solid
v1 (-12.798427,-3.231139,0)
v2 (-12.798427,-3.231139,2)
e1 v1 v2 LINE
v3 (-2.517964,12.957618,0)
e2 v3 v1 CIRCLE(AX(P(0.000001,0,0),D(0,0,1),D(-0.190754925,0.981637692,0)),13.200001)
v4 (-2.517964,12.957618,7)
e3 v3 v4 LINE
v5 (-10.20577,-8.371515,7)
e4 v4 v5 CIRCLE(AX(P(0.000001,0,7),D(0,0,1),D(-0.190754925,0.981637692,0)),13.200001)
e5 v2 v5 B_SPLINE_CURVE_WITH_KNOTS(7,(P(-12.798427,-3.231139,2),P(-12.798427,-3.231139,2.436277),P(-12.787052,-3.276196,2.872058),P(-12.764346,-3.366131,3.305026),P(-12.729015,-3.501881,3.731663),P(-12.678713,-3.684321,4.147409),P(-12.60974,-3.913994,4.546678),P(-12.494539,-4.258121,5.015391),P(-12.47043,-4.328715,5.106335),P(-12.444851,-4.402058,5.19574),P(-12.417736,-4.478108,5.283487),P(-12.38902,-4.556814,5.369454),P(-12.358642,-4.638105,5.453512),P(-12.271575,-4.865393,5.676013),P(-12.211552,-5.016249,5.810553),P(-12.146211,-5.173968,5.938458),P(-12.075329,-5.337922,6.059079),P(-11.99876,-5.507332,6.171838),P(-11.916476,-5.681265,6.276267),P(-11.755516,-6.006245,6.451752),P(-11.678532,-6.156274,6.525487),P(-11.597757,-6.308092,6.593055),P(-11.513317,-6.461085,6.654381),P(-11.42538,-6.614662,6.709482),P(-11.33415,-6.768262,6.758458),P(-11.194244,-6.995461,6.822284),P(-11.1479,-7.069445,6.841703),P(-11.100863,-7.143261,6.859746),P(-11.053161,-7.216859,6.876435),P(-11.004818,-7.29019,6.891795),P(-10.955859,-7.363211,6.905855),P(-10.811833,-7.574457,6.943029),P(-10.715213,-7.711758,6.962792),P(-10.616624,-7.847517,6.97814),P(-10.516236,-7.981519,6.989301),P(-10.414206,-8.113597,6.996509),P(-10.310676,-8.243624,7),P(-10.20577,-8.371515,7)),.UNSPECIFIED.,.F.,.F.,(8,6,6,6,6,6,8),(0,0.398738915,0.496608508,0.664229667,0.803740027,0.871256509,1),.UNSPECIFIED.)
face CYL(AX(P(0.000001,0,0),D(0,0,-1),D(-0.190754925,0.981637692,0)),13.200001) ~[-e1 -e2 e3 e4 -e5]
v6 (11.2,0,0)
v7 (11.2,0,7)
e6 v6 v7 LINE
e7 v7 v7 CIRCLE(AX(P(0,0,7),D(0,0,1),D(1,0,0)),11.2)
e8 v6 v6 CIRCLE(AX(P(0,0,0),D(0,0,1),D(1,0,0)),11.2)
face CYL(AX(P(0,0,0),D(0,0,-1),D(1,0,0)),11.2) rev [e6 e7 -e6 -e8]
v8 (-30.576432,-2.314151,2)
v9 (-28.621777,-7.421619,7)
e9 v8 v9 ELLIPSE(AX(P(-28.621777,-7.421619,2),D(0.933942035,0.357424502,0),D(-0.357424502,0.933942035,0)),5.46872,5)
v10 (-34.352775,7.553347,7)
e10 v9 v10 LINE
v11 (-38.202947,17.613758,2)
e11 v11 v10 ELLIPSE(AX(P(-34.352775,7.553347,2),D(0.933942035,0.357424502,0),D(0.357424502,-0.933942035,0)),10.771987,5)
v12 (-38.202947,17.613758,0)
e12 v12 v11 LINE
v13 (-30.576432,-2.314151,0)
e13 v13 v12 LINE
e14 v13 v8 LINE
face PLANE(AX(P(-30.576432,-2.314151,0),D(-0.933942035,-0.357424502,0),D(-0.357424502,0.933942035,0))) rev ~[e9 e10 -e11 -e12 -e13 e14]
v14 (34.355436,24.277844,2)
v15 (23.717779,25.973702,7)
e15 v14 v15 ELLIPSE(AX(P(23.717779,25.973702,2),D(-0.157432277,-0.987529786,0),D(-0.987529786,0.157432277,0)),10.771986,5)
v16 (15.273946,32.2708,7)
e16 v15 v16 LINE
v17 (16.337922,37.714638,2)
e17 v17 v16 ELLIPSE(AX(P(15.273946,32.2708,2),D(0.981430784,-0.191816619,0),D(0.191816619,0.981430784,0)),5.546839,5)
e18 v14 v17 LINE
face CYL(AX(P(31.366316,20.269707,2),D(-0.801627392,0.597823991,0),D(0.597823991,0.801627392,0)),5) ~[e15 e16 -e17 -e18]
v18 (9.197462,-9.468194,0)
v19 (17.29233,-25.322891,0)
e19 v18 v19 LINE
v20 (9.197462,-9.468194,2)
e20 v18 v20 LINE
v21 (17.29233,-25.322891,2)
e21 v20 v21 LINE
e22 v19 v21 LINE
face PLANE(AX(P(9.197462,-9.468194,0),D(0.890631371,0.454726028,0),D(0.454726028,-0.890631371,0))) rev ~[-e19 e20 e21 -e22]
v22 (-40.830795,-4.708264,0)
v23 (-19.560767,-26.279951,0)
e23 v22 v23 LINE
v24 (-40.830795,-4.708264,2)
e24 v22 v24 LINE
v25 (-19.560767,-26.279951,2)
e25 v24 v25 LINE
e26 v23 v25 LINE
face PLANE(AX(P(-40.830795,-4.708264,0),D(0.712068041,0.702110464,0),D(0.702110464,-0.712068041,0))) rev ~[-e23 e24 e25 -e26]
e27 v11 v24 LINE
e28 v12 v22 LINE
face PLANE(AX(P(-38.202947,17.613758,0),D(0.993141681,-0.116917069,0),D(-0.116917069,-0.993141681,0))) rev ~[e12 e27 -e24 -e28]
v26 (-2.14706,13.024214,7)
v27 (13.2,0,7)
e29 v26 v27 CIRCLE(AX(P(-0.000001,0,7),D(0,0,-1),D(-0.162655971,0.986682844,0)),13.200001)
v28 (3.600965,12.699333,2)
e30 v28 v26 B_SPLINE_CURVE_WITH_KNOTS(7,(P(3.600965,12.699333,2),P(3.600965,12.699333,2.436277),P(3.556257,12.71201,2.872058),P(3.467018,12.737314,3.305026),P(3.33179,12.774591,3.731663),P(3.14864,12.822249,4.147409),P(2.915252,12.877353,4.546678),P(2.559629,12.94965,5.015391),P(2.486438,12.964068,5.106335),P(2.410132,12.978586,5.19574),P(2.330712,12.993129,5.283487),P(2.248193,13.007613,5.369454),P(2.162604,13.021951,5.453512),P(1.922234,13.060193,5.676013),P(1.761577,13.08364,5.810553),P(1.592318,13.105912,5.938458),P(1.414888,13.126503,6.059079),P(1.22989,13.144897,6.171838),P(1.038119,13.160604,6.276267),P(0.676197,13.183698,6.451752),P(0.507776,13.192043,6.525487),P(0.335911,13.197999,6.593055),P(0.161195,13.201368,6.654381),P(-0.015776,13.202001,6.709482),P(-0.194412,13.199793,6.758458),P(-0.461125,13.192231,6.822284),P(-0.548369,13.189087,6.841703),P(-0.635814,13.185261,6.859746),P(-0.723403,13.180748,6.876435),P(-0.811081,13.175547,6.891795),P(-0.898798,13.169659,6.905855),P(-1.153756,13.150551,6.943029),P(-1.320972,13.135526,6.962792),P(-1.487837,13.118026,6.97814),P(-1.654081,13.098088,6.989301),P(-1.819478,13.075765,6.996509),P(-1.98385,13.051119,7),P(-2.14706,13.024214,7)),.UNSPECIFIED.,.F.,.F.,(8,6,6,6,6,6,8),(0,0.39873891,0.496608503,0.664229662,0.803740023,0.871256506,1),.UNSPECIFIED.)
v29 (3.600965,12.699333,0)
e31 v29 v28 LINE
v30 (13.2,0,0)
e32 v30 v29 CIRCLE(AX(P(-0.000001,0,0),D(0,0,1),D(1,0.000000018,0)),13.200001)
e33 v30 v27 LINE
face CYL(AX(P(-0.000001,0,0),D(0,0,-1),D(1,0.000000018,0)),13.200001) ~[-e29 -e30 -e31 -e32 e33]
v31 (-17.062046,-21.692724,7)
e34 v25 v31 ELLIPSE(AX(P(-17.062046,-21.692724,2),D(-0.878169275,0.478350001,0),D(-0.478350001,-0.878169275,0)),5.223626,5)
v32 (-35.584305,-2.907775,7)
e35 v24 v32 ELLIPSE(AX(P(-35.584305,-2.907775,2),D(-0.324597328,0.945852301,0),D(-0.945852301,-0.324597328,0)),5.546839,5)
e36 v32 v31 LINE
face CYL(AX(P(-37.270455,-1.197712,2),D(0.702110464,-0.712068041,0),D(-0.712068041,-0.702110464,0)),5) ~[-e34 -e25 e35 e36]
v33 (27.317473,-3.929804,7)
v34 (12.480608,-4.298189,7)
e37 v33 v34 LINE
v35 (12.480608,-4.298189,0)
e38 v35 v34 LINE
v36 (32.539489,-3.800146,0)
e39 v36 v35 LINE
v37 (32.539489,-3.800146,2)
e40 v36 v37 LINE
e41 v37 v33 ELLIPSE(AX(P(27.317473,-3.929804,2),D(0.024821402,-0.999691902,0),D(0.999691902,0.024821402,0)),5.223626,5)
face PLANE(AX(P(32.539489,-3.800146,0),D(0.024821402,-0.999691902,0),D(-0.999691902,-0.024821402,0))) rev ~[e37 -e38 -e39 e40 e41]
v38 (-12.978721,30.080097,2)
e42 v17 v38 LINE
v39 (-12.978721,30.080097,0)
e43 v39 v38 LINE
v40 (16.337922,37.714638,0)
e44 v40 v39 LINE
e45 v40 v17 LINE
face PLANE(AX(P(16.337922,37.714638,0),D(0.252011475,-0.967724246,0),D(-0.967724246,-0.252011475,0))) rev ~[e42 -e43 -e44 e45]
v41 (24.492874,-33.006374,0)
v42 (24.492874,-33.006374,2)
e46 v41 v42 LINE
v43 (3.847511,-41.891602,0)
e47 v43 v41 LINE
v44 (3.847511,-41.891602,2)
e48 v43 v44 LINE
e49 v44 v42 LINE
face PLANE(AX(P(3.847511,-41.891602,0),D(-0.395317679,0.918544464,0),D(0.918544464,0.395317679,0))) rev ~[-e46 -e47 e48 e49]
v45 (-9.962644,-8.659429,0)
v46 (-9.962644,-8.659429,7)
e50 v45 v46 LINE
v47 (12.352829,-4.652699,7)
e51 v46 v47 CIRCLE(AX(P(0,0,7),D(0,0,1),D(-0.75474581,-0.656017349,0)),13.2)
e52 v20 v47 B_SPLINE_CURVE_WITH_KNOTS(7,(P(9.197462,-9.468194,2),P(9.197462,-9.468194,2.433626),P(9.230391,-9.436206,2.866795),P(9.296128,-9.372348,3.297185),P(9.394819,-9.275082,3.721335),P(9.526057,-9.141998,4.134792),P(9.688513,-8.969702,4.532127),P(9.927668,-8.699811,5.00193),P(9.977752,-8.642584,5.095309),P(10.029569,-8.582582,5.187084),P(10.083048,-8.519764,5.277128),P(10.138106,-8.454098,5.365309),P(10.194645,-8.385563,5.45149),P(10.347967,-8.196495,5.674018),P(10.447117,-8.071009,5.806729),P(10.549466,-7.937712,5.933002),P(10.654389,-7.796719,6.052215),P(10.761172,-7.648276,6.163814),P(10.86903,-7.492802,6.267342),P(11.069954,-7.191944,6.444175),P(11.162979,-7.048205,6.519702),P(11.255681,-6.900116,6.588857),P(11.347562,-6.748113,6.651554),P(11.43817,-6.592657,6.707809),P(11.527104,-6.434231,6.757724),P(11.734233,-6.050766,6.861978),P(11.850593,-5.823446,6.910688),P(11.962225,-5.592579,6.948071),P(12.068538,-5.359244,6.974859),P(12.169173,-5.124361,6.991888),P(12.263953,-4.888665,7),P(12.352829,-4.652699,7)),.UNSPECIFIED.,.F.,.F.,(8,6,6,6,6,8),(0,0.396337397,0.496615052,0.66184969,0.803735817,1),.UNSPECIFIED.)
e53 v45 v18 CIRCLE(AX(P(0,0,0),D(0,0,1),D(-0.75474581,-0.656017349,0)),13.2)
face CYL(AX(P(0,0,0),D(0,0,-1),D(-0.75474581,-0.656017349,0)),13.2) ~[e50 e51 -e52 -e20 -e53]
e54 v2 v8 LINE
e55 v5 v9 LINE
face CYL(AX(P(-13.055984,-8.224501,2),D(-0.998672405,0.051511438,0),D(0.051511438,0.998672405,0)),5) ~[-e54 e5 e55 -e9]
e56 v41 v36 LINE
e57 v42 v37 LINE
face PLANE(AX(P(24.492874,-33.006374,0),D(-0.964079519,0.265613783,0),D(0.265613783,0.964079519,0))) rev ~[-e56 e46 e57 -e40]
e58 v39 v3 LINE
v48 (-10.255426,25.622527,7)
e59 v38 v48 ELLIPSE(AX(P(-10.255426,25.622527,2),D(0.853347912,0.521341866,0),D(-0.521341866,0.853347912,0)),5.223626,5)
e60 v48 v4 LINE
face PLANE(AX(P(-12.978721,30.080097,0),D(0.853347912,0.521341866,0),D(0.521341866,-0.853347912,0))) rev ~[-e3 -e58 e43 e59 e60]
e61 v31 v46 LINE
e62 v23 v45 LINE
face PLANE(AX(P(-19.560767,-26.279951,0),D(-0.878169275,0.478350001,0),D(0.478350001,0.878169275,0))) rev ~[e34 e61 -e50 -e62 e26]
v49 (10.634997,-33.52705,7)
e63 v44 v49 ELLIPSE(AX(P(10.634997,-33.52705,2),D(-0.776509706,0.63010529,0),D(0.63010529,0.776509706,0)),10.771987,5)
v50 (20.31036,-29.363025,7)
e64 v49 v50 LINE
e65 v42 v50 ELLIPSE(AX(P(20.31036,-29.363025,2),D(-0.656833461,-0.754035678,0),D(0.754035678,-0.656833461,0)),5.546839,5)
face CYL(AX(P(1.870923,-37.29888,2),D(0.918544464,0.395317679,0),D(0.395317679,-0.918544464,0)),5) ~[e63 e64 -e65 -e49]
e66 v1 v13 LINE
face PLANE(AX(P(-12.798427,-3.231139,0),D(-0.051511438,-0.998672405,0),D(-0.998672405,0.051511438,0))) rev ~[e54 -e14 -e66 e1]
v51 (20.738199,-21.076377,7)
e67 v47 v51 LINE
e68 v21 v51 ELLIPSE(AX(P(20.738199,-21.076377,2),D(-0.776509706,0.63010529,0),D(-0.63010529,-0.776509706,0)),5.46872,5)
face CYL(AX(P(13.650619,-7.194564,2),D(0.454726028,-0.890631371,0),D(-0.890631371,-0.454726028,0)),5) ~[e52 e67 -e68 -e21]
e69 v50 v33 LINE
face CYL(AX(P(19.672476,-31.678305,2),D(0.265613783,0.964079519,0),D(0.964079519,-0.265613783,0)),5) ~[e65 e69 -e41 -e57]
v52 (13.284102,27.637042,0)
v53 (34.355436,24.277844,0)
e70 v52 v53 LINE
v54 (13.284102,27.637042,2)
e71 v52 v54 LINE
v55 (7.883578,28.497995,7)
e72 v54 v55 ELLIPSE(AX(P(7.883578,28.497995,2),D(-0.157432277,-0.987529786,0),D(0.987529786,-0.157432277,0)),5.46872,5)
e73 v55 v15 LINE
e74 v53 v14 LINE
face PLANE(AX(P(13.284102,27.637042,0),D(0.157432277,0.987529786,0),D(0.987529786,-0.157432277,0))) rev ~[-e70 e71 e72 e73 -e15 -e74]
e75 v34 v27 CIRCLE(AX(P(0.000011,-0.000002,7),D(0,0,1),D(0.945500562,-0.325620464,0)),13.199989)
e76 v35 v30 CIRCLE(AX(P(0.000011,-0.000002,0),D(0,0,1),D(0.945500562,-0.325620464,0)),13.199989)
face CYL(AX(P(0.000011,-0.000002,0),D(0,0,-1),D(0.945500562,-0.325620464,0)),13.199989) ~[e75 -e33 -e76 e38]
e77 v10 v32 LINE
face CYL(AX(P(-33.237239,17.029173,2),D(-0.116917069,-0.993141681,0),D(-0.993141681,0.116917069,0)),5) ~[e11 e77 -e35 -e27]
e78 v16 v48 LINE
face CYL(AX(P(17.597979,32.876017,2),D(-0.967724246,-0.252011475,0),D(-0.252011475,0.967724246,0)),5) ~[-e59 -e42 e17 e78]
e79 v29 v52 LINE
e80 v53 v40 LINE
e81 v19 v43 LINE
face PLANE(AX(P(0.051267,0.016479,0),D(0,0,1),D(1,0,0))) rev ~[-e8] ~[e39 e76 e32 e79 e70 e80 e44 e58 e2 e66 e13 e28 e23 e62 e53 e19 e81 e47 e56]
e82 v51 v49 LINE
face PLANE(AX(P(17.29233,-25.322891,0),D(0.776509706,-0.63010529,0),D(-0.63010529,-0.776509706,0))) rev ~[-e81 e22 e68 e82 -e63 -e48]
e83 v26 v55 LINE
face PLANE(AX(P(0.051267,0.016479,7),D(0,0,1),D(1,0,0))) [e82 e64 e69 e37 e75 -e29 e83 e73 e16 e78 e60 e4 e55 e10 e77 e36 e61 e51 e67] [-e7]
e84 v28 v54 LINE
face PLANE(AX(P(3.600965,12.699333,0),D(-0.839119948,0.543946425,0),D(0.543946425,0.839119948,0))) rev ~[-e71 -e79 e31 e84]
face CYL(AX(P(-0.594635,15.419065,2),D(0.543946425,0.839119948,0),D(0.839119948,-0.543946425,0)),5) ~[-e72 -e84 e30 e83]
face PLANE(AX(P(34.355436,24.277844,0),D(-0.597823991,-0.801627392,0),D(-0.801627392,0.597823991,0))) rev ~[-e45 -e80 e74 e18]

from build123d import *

# Parameters (mm, degrees)
F0_R     = 11.2
F1_DEPTH = 7
F2_R     = 5


with BuildPart() as f1:
    # F0 (on Top) → F1 (new body)
    with BuildSketch(Plane.XY):
        with BuildLine():
            ThreePointArc((12.480608, -4.298189), (13.01891, -2.178988), (13.2, 0))
            ThreePointArc((13.2, 0), (10.53026, 7.959499), (3.600965, 12.699333))
            ThreePointArc((3.600965, 12.699333), (0.556687, 13.188256), (-2.517964, 12.957618))
            ThreePointArc((-2.517964, 12.957618), (-11.143021, 7.076233), (-12.798427, -3.231139))
            ThreePointArc((-12.798427, -3.231139), (-11.699709, -6.112023), (-9.962644, -8.659429))
            ThreePointArc((-9.962644, -8.659429), (-0.556687, -13.188256), (9.197462, -9.468194))
            ThreePointArc((9.197462, -9.468194), (11.143021, -7.076233), (12.480608, -4.298189))
        make_face()
        Circle(F0_R, mode=Mode.SUBTRACT)
        with BuildLine():
            ThreePointArc((-2.517964, 12.957618), (0.556687, 13.188256), (3.600965, 12.699333))
            Line((3.600965, 12.699333), (13.284102, 27.637042))
            Line((13.284102, 27.637042), (34.355436, 24.277844))
            Line((34.355436, 24.277844), (16.337922, 37.714638))
            Line((16.337922, 37.714638), (-12.978721, 30.080097))
            Line((-12.978721, 30.080097), (-2.517964, 12.957618))
        make_face()
        with BuildLine():
            Line((32.539489, -3.800146), (12.480608, -4.298189))
            ThreePointArc((12.480608, -4.298189), (11.143021, -7.076233), (9.197462, -9.468194))
            Line((9.197462, -9.468194), (17.29233, -25.322891))
            Line((17.29233, -25.322891), (3.847511, -41.891602))
            Line((3.847511, -41.891602), (24.492874, -33.006374))
            Line((24.492874, -33.006374), (32.539489, -3.800146))
        make_face()
        with BuildLine():
            ThreePointArc((-9.962644, -8.659429), (-11.699709, -6.112023), (-12.798427, -3.231139))
            Line((-12.798427, -3.231139), (-30.576432, -2.314151))
            Line((-30.576432, -2.314151), (-38.202947, 17.613758))
            Line((-38.202947, 17.613758), (-40.830795, -4.708264))
            Line((-40.830795, -4.708264), (-19.560767, -26.279951))
            Line((-19.560767, -26.279951), (-9.962644, -8.659429))
        make_face()
    extrude(amount=F1_DEPTH)

    # F2
    f2_edges = [f1.edges().sort_by_distance(p)[0] for p in [
        (-39.516871, 6.452747, 7),
        (14.170193, -37.448988, 7),
        (25.346679, 30.996241, 7),
        (-21.687429, -2.772645, 7),
        (8.442534, 20.168187, 7),
        (1.6796, 33.897367, 7),
        (-30.195781, -15.494107, 7),
        (28.516181, -18.40326, 7),
        (13.244896, -17.395542, 7),
    ]]
    fillet(f2_edges, radius=F2_R)


solid = f1.part
